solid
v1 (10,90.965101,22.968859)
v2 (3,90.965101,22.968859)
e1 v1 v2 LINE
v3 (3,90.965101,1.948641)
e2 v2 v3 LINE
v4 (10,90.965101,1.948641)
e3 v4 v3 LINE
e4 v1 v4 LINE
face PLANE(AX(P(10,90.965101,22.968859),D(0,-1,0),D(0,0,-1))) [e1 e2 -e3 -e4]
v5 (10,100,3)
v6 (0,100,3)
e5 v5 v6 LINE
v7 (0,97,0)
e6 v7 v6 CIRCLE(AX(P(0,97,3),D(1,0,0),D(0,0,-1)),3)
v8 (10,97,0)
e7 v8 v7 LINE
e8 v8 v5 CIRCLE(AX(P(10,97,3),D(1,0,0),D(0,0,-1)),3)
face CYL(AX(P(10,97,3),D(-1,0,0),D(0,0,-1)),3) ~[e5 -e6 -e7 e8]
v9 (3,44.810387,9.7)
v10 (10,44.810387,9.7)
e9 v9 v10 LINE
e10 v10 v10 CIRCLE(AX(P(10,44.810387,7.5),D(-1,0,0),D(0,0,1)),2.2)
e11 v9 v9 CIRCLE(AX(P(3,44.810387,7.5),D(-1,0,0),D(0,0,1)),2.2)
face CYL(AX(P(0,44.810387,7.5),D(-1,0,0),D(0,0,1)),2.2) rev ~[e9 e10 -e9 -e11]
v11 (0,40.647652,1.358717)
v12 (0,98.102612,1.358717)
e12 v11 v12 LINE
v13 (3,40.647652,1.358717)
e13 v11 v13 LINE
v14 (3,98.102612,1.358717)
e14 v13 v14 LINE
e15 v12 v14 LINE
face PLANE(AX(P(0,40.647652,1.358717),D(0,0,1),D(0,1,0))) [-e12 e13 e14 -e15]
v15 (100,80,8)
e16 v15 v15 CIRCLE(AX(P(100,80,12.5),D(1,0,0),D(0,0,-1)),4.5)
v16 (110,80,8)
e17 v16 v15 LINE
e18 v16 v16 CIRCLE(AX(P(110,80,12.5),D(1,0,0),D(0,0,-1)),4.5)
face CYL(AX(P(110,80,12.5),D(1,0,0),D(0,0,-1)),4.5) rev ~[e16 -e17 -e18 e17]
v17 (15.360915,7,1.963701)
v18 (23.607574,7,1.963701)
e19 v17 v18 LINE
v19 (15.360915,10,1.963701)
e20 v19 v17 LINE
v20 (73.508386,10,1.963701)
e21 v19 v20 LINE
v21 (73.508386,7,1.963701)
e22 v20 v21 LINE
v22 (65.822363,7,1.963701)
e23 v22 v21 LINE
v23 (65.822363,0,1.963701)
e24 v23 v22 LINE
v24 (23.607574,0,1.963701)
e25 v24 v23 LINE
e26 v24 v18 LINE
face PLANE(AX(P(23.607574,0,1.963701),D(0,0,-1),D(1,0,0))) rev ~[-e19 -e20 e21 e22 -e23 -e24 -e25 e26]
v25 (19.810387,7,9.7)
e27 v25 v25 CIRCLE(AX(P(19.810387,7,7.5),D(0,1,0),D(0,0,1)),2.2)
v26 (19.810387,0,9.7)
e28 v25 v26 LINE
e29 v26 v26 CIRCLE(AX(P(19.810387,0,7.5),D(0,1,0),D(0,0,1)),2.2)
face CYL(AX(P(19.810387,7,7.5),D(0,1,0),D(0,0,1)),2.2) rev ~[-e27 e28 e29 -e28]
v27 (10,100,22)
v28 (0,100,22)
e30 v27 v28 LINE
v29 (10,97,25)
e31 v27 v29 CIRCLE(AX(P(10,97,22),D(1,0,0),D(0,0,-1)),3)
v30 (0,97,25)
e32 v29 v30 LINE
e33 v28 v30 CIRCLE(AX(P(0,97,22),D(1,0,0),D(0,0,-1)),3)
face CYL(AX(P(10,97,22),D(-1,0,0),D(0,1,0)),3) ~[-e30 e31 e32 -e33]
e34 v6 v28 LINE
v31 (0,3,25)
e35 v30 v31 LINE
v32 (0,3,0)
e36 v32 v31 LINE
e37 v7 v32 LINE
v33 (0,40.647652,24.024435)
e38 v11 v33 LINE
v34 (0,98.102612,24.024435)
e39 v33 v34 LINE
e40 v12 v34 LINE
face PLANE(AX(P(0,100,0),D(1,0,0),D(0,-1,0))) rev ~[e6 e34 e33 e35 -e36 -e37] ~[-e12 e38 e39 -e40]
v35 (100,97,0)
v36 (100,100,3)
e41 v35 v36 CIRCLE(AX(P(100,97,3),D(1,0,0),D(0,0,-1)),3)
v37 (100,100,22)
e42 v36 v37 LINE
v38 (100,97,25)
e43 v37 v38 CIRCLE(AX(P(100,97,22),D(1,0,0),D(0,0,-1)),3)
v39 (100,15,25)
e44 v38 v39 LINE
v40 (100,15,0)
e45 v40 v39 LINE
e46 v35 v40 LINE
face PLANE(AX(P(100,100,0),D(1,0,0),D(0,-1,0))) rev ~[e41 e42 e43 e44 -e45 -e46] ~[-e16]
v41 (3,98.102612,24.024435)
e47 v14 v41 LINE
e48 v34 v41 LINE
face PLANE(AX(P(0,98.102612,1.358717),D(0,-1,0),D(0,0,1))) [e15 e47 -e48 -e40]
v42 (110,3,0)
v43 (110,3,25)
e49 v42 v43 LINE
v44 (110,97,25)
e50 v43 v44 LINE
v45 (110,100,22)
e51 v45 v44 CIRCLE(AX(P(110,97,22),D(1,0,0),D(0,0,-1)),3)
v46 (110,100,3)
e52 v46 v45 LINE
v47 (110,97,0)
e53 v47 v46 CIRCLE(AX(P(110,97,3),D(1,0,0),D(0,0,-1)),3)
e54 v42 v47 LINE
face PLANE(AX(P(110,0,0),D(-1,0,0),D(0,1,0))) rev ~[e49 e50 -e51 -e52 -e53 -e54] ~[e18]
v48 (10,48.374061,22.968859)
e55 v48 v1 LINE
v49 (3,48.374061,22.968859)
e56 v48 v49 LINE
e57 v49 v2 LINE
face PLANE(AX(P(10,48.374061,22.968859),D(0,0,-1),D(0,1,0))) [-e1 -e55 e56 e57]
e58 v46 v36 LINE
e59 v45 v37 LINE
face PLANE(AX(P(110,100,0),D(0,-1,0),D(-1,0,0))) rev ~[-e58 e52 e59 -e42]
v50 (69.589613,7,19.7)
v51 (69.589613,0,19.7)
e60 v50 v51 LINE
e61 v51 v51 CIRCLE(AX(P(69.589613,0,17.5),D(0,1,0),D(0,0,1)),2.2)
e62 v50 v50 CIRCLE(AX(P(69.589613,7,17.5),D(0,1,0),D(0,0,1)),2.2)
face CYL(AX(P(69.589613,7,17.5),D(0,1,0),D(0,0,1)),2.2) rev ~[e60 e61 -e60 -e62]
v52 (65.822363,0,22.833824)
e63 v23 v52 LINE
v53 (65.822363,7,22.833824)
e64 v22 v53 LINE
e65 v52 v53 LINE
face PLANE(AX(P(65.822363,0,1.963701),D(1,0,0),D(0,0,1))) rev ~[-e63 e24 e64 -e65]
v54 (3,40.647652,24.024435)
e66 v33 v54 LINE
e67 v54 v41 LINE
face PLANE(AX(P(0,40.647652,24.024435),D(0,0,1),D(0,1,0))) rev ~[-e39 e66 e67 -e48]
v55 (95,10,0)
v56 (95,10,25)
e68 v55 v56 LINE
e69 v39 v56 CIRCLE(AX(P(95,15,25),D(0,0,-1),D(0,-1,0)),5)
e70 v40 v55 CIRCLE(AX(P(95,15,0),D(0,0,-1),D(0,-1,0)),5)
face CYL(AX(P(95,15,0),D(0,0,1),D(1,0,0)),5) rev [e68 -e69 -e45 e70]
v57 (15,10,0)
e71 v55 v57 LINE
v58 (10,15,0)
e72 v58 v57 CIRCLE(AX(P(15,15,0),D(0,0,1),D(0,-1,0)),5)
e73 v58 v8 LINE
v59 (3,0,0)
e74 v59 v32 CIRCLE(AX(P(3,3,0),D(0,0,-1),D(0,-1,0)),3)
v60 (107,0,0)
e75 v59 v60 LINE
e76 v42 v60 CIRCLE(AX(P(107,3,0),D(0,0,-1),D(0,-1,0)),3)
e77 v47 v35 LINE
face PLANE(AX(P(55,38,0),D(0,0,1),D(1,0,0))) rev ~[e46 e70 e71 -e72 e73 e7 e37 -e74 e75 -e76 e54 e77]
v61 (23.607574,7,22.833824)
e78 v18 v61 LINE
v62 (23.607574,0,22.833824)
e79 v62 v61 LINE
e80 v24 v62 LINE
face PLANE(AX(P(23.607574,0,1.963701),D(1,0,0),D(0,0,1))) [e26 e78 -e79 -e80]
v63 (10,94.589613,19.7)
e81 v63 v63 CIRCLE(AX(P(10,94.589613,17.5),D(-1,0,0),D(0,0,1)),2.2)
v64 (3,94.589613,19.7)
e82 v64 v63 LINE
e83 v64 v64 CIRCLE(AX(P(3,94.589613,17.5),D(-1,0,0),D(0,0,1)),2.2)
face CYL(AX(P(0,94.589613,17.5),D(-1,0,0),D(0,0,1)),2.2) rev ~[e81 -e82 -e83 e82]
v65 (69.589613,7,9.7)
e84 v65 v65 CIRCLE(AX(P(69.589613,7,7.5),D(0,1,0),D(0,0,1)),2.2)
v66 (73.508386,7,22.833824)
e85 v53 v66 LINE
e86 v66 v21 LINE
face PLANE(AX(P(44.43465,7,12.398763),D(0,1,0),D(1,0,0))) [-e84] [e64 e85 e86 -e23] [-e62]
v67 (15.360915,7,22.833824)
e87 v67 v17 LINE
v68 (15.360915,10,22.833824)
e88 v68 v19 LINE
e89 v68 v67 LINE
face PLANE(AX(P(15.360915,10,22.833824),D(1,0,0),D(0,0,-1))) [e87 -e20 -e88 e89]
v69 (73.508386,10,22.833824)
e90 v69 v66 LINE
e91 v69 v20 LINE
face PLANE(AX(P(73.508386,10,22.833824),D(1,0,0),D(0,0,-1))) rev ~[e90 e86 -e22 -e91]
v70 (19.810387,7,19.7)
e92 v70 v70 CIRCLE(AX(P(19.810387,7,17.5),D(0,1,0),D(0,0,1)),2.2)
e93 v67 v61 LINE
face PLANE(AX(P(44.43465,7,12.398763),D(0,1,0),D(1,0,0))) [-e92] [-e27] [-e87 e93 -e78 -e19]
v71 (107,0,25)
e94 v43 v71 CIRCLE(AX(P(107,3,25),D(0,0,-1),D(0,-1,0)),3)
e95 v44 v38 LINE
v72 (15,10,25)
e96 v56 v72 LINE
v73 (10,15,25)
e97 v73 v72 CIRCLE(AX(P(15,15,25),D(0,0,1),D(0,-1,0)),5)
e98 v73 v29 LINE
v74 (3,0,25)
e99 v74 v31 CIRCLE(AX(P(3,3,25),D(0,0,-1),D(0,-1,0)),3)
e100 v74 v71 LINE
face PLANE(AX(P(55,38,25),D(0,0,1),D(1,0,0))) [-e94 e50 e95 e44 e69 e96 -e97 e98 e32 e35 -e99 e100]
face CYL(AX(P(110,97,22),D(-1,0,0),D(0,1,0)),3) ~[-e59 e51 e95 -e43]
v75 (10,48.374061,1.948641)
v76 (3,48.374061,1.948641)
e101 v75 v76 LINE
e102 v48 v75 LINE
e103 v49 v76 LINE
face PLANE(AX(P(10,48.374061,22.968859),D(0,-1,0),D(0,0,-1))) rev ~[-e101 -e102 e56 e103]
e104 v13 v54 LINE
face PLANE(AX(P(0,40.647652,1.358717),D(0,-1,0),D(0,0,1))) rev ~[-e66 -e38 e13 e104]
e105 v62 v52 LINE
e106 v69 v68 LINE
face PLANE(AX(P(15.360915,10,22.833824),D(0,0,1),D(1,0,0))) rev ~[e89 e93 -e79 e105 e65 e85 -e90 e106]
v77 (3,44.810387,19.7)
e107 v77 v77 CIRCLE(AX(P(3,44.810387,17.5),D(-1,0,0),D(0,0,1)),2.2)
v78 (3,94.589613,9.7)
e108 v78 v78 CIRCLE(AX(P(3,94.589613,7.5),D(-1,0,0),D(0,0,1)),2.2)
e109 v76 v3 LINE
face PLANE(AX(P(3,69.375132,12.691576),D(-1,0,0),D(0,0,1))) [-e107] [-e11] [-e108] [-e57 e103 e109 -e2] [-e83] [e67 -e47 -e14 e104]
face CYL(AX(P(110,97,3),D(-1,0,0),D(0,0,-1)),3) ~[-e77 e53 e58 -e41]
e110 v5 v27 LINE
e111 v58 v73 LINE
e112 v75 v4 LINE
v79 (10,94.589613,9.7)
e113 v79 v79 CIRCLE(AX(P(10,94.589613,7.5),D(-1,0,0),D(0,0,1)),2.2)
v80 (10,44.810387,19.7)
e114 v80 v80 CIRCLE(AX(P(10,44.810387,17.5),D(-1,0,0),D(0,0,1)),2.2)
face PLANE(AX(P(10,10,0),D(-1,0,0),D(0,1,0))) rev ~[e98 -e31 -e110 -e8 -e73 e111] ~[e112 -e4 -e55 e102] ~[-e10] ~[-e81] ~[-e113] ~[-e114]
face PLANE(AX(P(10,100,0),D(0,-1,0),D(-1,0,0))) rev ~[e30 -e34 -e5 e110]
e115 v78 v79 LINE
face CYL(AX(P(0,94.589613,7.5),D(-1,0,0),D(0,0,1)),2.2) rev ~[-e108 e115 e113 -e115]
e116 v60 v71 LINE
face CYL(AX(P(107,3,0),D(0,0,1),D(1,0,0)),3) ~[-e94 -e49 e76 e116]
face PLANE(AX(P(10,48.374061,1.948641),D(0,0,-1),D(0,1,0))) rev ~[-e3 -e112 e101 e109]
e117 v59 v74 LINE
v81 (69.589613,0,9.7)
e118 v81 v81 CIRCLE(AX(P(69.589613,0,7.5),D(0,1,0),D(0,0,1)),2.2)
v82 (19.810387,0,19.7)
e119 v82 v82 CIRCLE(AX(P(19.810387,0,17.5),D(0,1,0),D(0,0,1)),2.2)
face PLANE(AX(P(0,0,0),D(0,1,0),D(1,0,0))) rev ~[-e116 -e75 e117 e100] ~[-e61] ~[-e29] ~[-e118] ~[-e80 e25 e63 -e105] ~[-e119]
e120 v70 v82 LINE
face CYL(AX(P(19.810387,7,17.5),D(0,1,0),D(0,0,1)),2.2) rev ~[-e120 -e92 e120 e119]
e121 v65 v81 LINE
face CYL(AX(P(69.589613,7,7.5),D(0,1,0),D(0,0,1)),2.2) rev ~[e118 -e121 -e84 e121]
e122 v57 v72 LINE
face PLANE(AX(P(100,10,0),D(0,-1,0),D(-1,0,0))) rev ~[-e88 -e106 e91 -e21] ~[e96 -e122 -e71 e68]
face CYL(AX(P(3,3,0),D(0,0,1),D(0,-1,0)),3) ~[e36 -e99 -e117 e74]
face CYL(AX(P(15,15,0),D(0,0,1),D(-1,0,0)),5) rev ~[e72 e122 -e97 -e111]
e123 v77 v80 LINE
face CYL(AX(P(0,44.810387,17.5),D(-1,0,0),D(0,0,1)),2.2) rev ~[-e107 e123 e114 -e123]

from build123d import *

# Parameters (mm, degrees)
BOSS_EXTRUDE1_DEPTH = 25
SKETCH2_R           = 2.2
CUT_EXTRUDE1_DEPTH  = 10
SKETCH4_W           = 21.020217786
SKETCH4_H           = 42.591039887
CUT_EXTRUDE2_DEPTH  = 14
SKETCH5_W           = 22.665717921
SKETCH5_H           = 57.45495938
CUT_EXTRUDE3_DEPTH  = 3
FILLET1_R           = 5
FILLET2_R           = 3
SKETCH6_R           = 4.5
CUT_EXTRUDE4_DEPTH  = 10
SKETCH8_W           = 42.21478983
SKETCH8_H           = 20.870122348
CUT_EXTRUDE5_DEPTH  = 21
SKETCH9_W           = 58.147470605
SKETCH9_H           = 20.870122348
CUT_EXTRUDE6_DEPTH  = 3
SKETCH10_R          = 2.2
CUT_EXTRUDE7_DEPTH  = 23


with BuildPart() as part:
    # Sketch1 → Boss-Extrude1 (new body)
    with BuildSketch(Plane.XY):
        Polygon((0, 100), (0, 0), (110, 0), (110, 100), (100, 100), (100, 10), (10, 10), (10, 100), align=None)
    extrude(amount=BOSS_EXTRUDE1_DEPTH)

    # Sketch2 → Cut-Extrude1 (cut)
    with BuildSketch(Plane.ZY):
        with Locations((7.5, 94.589613301)):
            Circle(SKETCH2_R)
        with Locations((17.5, 94.589613301)):
            Circle(SKETCH2_R)
        with Locations((7.5, 44.810386699)):
            Circle(SKETCH2_R)
        with Locations((17.5, 44.810386699)):
            Circle(SKETCH2_R)
    extrude(amount=-CUT_EXTRUDE1_DEPTH, mode=Mode.SUBTRACT)

    # Sketch4 → Cut-Extrude2 (cut)
    with BuildSketch(Plane(origin=(10, 0, 0), x_dir=(0, 0, -1), z_dir=(1, 0, 0))):
        with Locations((-12.458750101, 69.669580668)):
            Rectangle(SKETCH4_W, SKETCH4_H)
    extrude(amount=-CUT_EXTRUDE2_DEPTH, mode=Mode.SUBTRACT)

    # Sketch5 → Cut-Extrude3 (cut)
    with BuildSketch(Plane.ZY):
        with Locations((12.691576382, 69.375131892)):
            Rectangle(SKETCH5_W, SKETCH5_H)
    extrude(amount=-CUT_EXTRUDE3_DEPTH, mode=Mode.SUBTRACT)

    # Fillet1
    fillet1_edges = [part.edges().sort_by_distance(p)[0] for p in [
        (10, 10, 12.5),
        (100, 10, 12.5),
    ]]
    fillet(fillet1_edges, radius=FILLET1_R)

    # Fillet2
    fillet2_edges = [part.edges().sort_by_distance(p)[0] for p in [
        (5, 100, 0),
        (105, 100, 0),
        (110, 0, 12.5),
        (0, 0, 12.5),
        (5, 100, 25),
        (105, 100, 25),
    ]]
    fillet(fillet2_edges, radius=FILLET2_R)

    # Sketch6 → Cut-Extrude4 (cut)
    with BuildSketch(Plane(origin=(110, 0, 0), x_dir=(0, 0, -1), z_dir=(1, 0, 0))):
        with Locations((-12.5, 80)):
            Circle(SKETCH6_R)
    extrude(amount=-CUT_EXTRUDE4_DEPTH, mode=Mode.SUBTRACT)

    # Sketch8 → Cut-Extrude5 (cut)
    with BuildSketch(Plane.XZ):
        with Locations((44.714968541, 12.398762514)):
            Rectangle(SKETCH8_W, SKETCH8_H)
    extrude(amount=-CUT_EXTRUDE5_DEPTH, mode=Mode.SUBTRACT)

    # Sketch9 → Cut-Extrude6 (cut)
    with BuildSketch(Plane(origin=(0, 10, 0), x_dir=(1, 0, 0), z_dir=(0, 1, 0))):
        with Locations((44.434650342, -12.398762514)):
            Rectangle(SKETCH9_W, SKETCH9_H)
    extrude(amount=-CUT_EXTRUDE6_DEPTH, mode=Mode.SUBTRACT)

    # Sketch10 → Cut-Extrude7 (cut)
    with BuildSketch(Plane(origin=(0, 7, 0), x_dir=(1, 0, 0), z_dir=(0, 1, 0))):
        with Locations(Location((69.589613301, -7.5, 0), (0, 0, 270))):
            Circle(SKETCH10_R)
        with Locations(Location((69.589613301, -17.5, 0), (0, 0, 270))):
            Circle(SKETCH10_R)
        with Locations(Location((19.810386699, -7.5, 0), (0, 0, 270))):
            Circle(SKETCH10_R)
        with Locations(Location((19.810386699, -17.5, 0), (0, 0, 270))):
            Circle(SKETCH10_R)
    extrude(amount=-CUT_EXTRUDE7_DEPTH, mode=Mode.SUBTRACT)


solid = part.part
